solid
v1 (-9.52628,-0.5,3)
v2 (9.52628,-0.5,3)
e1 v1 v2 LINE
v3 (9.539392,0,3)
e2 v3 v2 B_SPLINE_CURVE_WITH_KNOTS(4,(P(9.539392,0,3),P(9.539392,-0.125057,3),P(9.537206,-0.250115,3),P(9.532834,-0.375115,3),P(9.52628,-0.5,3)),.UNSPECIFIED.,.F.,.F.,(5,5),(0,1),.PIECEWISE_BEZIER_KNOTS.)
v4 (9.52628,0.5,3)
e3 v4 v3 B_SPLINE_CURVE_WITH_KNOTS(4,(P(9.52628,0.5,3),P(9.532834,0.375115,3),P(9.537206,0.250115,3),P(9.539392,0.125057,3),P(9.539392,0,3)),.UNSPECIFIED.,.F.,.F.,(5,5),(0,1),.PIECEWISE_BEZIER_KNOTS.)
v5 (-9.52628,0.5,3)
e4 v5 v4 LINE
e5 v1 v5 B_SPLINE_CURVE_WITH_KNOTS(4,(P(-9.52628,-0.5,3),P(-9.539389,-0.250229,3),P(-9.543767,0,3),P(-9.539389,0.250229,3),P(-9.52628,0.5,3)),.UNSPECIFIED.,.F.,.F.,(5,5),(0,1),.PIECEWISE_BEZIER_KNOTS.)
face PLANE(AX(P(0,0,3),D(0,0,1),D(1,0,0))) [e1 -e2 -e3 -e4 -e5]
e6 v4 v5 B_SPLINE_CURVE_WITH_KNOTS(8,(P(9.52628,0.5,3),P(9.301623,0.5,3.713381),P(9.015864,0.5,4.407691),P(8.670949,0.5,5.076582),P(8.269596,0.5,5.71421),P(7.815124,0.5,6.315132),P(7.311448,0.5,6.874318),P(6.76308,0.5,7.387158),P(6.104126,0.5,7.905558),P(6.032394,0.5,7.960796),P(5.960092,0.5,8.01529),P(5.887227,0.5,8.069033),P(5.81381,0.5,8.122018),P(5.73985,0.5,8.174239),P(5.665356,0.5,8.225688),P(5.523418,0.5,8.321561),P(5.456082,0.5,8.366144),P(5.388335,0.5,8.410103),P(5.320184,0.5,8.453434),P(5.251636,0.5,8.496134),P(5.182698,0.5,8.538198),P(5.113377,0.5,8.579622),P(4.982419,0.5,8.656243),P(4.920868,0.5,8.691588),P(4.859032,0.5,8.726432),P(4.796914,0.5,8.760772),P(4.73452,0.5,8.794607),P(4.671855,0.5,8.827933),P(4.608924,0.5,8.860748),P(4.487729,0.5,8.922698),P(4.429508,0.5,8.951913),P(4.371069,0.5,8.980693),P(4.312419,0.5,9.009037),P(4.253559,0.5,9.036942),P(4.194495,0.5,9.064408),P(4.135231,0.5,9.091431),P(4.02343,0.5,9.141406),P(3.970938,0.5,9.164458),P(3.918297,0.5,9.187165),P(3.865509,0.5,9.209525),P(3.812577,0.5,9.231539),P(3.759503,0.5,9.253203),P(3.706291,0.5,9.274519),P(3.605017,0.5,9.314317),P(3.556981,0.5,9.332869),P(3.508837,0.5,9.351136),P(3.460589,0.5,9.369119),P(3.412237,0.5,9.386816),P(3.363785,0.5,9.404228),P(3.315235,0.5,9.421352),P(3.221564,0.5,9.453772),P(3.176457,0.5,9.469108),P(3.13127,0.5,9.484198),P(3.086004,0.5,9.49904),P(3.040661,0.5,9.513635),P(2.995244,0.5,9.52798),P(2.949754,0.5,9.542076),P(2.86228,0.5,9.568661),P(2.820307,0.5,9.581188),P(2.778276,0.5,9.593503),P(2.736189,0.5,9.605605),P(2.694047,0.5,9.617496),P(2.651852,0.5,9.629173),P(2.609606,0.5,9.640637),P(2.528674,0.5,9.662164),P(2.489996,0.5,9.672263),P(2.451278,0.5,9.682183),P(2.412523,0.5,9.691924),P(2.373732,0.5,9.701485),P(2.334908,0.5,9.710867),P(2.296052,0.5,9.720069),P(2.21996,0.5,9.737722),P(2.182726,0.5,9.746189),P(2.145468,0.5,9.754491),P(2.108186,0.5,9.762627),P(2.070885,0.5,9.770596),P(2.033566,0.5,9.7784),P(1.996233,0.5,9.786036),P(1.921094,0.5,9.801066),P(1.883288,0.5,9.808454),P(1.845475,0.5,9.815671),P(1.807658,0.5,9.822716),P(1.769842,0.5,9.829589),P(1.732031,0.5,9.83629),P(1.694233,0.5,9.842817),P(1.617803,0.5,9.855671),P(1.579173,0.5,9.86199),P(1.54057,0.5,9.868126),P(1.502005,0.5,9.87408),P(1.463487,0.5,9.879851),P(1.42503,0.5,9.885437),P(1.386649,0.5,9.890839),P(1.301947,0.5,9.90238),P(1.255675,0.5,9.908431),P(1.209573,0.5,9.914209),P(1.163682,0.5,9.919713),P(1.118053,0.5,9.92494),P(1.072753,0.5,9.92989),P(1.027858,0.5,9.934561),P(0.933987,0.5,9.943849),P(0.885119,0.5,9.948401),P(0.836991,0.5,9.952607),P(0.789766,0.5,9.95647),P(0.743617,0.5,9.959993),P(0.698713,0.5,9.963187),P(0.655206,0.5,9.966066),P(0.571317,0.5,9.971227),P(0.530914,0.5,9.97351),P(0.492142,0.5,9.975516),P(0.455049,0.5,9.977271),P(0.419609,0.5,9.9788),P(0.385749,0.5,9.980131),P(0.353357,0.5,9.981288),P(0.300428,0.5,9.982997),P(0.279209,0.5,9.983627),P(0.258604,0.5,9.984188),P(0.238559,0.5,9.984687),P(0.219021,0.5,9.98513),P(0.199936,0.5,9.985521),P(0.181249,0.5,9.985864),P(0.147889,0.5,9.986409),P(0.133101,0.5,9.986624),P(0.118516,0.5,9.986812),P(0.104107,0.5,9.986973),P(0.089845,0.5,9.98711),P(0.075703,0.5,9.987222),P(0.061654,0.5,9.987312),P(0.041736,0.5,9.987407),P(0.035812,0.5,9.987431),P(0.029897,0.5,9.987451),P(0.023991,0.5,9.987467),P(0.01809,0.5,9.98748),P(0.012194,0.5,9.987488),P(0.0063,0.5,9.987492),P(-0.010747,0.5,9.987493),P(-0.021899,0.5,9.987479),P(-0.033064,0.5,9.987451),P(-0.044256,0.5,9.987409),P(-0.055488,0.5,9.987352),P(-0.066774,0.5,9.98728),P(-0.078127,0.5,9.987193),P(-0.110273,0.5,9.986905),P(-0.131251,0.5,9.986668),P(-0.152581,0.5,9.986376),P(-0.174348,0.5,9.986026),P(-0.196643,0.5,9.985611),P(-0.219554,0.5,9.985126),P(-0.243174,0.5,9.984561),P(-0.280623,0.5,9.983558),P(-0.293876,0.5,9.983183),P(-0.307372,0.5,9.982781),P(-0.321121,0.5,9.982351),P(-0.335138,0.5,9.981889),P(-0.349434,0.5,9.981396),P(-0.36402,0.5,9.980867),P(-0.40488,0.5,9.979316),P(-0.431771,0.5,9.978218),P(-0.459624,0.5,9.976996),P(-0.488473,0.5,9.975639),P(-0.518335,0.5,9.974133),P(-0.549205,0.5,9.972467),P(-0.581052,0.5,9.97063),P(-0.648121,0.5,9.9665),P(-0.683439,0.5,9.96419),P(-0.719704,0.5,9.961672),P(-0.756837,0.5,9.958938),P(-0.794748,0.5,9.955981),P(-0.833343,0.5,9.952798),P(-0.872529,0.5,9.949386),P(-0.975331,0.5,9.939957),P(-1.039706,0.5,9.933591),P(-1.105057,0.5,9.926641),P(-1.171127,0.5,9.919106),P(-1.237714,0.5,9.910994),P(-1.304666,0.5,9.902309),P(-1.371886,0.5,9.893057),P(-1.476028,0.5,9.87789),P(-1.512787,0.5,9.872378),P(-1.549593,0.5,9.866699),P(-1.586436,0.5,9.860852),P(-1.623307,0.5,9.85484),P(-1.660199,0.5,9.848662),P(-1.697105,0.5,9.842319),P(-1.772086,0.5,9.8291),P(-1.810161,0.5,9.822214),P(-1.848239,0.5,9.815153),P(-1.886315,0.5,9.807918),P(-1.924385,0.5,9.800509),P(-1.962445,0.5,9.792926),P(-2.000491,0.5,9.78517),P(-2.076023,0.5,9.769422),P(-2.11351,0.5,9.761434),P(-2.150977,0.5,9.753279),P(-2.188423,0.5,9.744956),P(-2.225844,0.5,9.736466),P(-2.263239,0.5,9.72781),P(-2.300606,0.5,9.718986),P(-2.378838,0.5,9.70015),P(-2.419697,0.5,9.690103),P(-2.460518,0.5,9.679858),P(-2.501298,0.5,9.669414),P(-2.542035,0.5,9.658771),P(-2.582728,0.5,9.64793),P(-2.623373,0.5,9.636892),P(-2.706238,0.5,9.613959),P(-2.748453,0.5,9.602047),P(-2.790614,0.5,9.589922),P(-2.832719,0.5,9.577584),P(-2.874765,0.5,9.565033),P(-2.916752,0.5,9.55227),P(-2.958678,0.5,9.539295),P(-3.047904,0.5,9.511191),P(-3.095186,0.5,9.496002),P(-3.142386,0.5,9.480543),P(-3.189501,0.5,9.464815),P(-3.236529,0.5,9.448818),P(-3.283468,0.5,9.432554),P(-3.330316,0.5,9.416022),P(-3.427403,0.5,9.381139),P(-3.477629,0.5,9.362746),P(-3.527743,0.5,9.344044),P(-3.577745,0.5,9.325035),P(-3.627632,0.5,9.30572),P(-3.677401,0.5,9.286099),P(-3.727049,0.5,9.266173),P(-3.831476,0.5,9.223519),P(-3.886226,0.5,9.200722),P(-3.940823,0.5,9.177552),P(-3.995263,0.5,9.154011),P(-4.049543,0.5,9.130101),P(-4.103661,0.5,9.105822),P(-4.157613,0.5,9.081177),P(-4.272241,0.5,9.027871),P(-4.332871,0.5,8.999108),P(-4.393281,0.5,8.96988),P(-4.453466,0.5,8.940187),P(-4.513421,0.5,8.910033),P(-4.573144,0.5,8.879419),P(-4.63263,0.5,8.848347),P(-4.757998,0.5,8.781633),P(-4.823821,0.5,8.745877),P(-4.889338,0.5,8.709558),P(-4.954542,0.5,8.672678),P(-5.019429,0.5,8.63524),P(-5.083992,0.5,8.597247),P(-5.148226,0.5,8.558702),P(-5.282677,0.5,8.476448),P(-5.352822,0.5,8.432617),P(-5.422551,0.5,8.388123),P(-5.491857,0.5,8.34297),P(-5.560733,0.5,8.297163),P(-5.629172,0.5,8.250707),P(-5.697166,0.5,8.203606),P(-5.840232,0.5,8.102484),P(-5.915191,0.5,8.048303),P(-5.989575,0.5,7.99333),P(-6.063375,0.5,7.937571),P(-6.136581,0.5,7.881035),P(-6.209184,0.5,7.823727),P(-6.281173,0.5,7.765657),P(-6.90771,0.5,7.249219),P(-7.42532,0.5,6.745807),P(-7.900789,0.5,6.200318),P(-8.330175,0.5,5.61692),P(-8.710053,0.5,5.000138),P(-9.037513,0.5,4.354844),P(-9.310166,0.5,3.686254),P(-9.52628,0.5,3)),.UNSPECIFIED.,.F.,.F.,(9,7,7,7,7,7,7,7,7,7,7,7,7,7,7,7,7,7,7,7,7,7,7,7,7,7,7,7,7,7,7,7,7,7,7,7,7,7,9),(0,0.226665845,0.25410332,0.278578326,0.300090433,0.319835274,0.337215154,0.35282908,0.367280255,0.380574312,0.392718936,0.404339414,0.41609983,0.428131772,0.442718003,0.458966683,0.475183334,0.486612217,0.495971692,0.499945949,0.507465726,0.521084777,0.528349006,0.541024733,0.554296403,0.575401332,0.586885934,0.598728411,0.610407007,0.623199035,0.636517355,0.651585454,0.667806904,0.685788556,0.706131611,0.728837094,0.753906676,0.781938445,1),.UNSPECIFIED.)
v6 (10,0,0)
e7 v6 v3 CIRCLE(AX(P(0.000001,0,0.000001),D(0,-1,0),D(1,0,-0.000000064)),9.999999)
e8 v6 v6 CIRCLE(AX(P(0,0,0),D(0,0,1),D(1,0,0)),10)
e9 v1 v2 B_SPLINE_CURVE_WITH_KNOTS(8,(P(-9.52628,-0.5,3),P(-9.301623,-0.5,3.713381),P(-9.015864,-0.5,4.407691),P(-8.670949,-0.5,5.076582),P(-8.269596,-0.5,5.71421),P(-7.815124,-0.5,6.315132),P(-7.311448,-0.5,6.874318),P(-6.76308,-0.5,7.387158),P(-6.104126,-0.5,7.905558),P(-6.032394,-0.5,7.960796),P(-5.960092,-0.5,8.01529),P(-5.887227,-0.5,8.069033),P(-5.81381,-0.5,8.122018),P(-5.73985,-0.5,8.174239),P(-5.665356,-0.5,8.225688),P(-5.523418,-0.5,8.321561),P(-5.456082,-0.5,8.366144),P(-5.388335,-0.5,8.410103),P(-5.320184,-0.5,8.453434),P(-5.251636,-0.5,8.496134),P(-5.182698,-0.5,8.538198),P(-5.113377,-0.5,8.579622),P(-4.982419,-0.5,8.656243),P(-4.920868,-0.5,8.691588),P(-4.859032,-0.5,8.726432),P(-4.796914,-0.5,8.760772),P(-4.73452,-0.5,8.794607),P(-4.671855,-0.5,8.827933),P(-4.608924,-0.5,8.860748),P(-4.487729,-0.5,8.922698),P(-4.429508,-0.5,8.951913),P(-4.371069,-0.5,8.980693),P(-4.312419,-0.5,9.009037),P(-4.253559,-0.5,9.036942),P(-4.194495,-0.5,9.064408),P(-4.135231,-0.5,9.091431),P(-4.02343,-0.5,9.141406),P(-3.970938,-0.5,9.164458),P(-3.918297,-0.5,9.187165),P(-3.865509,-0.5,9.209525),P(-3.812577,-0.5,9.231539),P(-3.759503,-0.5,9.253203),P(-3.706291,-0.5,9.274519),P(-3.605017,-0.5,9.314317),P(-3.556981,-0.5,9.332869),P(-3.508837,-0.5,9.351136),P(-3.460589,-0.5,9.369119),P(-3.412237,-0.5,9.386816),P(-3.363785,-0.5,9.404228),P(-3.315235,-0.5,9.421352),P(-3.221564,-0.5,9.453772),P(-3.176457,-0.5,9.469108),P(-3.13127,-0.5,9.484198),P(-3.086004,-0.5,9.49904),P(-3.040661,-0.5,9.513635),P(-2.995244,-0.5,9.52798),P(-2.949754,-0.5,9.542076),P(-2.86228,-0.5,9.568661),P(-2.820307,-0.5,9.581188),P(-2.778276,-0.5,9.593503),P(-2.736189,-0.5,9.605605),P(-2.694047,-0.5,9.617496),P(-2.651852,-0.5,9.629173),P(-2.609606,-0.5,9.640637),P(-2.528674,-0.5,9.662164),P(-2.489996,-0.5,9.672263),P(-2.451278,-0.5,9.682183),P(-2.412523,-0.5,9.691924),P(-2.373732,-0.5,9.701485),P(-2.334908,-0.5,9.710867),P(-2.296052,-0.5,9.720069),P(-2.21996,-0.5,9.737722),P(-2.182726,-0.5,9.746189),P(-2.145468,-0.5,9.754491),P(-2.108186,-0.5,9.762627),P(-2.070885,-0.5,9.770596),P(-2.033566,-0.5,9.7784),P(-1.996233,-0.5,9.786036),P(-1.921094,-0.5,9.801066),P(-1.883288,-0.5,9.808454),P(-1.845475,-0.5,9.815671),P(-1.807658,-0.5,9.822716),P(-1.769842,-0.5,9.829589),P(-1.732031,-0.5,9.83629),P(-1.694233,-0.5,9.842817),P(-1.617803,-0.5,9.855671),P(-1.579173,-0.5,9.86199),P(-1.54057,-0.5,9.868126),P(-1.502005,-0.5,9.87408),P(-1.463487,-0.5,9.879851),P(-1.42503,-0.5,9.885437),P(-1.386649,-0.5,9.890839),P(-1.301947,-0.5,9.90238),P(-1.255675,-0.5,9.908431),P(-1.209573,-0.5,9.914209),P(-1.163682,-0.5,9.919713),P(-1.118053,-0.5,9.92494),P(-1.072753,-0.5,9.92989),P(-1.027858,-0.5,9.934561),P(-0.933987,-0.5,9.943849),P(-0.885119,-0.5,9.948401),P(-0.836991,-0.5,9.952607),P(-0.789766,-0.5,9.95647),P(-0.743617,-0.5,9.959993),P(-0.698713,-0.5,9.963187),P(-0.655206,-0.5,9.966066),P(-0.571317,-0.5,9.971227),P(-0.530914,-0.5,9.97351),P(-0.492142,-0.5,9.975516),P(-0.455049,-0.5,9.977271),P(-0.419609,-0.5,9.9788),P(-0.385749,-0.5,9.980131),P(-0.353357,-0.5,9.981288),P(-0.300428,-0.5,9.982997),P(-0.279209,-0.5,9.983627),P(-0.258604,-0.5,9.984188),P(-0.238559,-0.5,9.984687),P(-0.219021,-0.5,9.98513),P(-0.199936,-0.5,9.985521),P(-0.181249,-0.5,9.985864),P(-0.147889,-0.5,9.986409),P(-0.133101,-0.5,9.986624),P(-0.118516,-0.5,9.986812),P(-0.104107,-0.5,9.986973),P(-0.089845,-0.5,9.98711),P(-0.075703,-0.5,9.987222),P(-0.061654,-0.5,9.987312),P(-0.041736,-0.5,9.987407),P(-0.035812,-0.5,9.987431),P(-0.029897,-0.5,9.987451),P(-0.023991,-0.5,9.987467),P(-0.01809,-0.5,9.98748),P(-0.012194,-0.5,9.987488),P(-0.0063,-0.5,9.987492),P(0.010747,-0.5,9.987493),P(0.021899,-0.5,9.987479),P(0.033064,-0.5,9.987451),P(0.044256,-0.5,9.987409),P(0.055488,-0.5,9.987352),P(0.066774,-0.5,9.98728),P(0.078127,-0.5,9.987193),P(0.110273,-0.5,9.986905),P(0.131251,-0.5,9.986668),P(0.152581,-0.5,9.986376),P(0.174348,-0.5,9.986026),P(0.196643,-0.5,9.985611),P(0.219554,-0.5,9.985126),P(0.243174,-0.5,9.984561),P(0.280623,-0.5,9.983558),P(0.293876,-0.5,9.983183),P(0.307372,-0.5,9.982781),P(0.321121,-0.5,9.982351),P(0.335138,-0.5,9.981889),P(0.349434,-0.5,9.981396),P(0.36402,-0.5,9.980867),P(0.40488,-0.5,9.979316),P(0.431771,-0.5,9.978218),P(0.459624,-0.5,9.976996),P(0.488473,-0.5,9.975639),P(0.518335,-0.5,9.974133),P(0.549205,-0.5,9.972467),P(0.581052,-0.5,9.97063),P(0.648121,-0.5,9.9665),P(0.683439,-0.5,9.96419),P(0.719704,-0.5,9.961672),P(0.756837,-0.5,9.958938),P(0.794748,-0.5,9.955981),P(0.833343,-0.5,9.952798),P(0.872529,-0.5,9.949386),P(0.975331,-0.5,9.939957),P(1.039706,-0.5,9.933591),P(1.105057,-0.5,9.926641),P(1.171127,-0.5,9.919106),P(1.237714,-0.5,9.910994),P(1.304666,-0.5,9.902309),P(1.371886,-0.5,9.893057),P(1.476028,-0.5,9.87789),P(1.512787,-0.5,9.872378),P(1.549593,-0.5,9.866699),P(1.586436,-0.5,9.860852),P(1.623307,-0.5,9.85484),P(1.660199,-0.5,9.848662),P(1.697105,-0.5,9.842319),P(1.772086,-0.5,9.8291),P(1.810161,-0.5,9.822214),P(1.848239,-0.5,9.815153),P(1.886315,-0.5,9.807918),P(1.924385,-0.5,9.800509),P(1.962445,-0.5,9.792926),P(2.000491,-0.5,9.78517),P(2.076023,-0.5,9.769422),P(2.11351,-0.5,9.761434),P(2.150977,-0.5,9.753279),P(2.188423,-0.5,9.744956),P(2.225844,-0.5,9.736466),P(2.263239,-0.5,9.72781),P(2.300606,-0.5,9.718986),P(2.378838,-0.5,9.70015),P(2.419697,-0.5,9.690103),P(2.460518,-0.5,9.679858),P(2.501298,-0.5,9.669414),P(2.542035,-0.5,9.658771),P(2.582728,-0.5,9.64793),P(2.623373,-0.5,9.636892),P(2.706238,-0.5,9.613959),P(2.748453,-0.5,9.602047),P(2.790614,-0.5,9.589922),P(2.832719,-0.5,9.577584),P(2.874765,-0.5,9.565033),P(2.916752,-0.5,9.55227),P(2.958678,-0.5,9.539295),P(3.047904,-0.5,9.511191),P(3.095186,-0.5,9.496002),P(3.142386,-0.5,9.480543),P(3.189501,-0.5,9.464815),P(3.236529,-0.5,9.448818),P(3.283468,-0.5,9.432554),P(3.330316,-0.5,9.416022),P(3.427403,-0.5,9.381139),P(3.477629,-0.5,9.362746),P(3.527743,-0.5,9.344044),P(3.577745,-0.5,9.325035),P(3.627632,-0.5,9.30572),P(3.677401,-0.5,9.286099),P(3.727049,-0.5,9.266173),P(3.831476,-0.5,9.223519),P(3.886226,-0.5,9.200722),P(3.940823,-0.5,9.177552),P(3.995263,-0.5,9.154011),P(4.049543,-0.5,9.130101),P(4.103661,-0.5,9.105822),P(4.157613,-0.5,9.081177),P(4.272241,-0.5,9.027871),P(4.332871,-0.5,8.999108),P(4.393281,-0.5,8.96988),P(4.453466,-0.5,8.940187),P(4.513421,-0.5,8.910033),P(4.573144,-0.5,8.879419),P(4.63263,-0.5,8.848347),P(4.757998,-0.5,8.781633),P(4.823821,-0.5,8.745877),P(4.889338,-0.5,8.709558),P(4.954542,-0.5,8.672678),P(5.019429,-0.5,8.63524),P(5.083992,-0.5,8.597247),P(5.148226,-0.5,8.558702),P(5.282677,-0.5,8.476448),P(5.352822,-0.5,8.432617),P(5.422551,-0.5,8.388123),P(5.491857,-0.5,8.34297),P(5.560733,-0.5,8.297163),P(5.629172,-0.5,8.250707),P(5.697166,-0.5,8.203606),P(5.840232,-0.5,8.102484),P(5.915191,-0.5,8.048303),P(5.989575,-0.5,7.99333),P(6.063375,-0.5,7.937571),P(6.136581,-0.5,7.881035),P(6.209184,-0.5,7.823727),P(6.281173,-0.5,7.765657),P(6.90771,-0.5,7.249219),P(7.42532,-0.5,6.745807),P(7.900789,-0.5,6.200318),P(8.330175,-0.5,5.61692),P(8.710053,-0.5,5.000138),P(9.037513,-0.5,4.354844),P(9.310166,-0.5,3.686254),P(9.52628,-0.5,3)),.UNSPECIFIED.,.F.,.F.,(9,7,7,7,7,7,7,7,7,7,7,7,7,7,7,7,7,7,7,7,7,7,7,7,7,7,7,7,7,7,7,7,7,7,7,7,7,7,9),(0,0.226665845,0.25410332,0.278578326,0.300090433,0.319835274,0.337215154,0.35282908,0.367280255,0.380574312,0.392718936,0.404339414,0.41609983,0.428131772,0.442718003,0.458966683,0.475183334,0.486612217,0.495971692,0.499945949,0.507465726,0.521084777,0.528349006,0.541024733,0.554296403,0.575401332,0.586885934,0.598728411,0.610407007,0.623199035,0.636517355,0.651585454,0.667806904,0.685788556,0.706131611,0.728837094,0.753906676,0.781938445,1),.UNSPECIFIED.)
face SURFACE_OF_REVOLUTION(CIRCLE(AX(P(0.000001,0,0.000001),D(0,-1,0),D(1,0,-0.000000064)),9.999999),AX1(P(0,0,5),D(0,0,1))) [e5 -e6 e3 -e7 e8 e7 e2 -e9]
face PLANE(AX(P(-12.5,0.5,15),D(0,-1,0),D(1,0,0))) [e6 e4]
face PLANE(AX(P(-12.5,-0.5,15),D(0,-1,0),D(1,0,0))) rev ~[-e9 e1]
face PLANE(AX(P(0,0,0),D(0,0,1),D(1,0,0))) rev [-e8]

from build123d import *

# Parameters (mm, degrees)
F3_W     = 25
F3_H     = 1
F4_DEPTH = 12


with BuildPart() as f1:
    # F0 (on Front) → F1 (revolve)
    with BuildSketch(Plane.XZ):
        with BuildLine():
            Line((0, 0), (10, 0))
            ThreePointArc((10, 0), (7.071068, 7.071068), (0, 10))
            Line((0, 10), (0, 0))
        make_face()
    revolve(axis=Axis((0, 0, 5), (0, 0, 1)))

    # F3 (on offset) → F4 (cut)
    with BuildSketch(Plane.XY.offset(15)):
        Rectangle(F3_W, F3_H)
    extrude(amount=-F4_DEPTH, mode=Mode.SUBTRACT)


solid = f1.part
